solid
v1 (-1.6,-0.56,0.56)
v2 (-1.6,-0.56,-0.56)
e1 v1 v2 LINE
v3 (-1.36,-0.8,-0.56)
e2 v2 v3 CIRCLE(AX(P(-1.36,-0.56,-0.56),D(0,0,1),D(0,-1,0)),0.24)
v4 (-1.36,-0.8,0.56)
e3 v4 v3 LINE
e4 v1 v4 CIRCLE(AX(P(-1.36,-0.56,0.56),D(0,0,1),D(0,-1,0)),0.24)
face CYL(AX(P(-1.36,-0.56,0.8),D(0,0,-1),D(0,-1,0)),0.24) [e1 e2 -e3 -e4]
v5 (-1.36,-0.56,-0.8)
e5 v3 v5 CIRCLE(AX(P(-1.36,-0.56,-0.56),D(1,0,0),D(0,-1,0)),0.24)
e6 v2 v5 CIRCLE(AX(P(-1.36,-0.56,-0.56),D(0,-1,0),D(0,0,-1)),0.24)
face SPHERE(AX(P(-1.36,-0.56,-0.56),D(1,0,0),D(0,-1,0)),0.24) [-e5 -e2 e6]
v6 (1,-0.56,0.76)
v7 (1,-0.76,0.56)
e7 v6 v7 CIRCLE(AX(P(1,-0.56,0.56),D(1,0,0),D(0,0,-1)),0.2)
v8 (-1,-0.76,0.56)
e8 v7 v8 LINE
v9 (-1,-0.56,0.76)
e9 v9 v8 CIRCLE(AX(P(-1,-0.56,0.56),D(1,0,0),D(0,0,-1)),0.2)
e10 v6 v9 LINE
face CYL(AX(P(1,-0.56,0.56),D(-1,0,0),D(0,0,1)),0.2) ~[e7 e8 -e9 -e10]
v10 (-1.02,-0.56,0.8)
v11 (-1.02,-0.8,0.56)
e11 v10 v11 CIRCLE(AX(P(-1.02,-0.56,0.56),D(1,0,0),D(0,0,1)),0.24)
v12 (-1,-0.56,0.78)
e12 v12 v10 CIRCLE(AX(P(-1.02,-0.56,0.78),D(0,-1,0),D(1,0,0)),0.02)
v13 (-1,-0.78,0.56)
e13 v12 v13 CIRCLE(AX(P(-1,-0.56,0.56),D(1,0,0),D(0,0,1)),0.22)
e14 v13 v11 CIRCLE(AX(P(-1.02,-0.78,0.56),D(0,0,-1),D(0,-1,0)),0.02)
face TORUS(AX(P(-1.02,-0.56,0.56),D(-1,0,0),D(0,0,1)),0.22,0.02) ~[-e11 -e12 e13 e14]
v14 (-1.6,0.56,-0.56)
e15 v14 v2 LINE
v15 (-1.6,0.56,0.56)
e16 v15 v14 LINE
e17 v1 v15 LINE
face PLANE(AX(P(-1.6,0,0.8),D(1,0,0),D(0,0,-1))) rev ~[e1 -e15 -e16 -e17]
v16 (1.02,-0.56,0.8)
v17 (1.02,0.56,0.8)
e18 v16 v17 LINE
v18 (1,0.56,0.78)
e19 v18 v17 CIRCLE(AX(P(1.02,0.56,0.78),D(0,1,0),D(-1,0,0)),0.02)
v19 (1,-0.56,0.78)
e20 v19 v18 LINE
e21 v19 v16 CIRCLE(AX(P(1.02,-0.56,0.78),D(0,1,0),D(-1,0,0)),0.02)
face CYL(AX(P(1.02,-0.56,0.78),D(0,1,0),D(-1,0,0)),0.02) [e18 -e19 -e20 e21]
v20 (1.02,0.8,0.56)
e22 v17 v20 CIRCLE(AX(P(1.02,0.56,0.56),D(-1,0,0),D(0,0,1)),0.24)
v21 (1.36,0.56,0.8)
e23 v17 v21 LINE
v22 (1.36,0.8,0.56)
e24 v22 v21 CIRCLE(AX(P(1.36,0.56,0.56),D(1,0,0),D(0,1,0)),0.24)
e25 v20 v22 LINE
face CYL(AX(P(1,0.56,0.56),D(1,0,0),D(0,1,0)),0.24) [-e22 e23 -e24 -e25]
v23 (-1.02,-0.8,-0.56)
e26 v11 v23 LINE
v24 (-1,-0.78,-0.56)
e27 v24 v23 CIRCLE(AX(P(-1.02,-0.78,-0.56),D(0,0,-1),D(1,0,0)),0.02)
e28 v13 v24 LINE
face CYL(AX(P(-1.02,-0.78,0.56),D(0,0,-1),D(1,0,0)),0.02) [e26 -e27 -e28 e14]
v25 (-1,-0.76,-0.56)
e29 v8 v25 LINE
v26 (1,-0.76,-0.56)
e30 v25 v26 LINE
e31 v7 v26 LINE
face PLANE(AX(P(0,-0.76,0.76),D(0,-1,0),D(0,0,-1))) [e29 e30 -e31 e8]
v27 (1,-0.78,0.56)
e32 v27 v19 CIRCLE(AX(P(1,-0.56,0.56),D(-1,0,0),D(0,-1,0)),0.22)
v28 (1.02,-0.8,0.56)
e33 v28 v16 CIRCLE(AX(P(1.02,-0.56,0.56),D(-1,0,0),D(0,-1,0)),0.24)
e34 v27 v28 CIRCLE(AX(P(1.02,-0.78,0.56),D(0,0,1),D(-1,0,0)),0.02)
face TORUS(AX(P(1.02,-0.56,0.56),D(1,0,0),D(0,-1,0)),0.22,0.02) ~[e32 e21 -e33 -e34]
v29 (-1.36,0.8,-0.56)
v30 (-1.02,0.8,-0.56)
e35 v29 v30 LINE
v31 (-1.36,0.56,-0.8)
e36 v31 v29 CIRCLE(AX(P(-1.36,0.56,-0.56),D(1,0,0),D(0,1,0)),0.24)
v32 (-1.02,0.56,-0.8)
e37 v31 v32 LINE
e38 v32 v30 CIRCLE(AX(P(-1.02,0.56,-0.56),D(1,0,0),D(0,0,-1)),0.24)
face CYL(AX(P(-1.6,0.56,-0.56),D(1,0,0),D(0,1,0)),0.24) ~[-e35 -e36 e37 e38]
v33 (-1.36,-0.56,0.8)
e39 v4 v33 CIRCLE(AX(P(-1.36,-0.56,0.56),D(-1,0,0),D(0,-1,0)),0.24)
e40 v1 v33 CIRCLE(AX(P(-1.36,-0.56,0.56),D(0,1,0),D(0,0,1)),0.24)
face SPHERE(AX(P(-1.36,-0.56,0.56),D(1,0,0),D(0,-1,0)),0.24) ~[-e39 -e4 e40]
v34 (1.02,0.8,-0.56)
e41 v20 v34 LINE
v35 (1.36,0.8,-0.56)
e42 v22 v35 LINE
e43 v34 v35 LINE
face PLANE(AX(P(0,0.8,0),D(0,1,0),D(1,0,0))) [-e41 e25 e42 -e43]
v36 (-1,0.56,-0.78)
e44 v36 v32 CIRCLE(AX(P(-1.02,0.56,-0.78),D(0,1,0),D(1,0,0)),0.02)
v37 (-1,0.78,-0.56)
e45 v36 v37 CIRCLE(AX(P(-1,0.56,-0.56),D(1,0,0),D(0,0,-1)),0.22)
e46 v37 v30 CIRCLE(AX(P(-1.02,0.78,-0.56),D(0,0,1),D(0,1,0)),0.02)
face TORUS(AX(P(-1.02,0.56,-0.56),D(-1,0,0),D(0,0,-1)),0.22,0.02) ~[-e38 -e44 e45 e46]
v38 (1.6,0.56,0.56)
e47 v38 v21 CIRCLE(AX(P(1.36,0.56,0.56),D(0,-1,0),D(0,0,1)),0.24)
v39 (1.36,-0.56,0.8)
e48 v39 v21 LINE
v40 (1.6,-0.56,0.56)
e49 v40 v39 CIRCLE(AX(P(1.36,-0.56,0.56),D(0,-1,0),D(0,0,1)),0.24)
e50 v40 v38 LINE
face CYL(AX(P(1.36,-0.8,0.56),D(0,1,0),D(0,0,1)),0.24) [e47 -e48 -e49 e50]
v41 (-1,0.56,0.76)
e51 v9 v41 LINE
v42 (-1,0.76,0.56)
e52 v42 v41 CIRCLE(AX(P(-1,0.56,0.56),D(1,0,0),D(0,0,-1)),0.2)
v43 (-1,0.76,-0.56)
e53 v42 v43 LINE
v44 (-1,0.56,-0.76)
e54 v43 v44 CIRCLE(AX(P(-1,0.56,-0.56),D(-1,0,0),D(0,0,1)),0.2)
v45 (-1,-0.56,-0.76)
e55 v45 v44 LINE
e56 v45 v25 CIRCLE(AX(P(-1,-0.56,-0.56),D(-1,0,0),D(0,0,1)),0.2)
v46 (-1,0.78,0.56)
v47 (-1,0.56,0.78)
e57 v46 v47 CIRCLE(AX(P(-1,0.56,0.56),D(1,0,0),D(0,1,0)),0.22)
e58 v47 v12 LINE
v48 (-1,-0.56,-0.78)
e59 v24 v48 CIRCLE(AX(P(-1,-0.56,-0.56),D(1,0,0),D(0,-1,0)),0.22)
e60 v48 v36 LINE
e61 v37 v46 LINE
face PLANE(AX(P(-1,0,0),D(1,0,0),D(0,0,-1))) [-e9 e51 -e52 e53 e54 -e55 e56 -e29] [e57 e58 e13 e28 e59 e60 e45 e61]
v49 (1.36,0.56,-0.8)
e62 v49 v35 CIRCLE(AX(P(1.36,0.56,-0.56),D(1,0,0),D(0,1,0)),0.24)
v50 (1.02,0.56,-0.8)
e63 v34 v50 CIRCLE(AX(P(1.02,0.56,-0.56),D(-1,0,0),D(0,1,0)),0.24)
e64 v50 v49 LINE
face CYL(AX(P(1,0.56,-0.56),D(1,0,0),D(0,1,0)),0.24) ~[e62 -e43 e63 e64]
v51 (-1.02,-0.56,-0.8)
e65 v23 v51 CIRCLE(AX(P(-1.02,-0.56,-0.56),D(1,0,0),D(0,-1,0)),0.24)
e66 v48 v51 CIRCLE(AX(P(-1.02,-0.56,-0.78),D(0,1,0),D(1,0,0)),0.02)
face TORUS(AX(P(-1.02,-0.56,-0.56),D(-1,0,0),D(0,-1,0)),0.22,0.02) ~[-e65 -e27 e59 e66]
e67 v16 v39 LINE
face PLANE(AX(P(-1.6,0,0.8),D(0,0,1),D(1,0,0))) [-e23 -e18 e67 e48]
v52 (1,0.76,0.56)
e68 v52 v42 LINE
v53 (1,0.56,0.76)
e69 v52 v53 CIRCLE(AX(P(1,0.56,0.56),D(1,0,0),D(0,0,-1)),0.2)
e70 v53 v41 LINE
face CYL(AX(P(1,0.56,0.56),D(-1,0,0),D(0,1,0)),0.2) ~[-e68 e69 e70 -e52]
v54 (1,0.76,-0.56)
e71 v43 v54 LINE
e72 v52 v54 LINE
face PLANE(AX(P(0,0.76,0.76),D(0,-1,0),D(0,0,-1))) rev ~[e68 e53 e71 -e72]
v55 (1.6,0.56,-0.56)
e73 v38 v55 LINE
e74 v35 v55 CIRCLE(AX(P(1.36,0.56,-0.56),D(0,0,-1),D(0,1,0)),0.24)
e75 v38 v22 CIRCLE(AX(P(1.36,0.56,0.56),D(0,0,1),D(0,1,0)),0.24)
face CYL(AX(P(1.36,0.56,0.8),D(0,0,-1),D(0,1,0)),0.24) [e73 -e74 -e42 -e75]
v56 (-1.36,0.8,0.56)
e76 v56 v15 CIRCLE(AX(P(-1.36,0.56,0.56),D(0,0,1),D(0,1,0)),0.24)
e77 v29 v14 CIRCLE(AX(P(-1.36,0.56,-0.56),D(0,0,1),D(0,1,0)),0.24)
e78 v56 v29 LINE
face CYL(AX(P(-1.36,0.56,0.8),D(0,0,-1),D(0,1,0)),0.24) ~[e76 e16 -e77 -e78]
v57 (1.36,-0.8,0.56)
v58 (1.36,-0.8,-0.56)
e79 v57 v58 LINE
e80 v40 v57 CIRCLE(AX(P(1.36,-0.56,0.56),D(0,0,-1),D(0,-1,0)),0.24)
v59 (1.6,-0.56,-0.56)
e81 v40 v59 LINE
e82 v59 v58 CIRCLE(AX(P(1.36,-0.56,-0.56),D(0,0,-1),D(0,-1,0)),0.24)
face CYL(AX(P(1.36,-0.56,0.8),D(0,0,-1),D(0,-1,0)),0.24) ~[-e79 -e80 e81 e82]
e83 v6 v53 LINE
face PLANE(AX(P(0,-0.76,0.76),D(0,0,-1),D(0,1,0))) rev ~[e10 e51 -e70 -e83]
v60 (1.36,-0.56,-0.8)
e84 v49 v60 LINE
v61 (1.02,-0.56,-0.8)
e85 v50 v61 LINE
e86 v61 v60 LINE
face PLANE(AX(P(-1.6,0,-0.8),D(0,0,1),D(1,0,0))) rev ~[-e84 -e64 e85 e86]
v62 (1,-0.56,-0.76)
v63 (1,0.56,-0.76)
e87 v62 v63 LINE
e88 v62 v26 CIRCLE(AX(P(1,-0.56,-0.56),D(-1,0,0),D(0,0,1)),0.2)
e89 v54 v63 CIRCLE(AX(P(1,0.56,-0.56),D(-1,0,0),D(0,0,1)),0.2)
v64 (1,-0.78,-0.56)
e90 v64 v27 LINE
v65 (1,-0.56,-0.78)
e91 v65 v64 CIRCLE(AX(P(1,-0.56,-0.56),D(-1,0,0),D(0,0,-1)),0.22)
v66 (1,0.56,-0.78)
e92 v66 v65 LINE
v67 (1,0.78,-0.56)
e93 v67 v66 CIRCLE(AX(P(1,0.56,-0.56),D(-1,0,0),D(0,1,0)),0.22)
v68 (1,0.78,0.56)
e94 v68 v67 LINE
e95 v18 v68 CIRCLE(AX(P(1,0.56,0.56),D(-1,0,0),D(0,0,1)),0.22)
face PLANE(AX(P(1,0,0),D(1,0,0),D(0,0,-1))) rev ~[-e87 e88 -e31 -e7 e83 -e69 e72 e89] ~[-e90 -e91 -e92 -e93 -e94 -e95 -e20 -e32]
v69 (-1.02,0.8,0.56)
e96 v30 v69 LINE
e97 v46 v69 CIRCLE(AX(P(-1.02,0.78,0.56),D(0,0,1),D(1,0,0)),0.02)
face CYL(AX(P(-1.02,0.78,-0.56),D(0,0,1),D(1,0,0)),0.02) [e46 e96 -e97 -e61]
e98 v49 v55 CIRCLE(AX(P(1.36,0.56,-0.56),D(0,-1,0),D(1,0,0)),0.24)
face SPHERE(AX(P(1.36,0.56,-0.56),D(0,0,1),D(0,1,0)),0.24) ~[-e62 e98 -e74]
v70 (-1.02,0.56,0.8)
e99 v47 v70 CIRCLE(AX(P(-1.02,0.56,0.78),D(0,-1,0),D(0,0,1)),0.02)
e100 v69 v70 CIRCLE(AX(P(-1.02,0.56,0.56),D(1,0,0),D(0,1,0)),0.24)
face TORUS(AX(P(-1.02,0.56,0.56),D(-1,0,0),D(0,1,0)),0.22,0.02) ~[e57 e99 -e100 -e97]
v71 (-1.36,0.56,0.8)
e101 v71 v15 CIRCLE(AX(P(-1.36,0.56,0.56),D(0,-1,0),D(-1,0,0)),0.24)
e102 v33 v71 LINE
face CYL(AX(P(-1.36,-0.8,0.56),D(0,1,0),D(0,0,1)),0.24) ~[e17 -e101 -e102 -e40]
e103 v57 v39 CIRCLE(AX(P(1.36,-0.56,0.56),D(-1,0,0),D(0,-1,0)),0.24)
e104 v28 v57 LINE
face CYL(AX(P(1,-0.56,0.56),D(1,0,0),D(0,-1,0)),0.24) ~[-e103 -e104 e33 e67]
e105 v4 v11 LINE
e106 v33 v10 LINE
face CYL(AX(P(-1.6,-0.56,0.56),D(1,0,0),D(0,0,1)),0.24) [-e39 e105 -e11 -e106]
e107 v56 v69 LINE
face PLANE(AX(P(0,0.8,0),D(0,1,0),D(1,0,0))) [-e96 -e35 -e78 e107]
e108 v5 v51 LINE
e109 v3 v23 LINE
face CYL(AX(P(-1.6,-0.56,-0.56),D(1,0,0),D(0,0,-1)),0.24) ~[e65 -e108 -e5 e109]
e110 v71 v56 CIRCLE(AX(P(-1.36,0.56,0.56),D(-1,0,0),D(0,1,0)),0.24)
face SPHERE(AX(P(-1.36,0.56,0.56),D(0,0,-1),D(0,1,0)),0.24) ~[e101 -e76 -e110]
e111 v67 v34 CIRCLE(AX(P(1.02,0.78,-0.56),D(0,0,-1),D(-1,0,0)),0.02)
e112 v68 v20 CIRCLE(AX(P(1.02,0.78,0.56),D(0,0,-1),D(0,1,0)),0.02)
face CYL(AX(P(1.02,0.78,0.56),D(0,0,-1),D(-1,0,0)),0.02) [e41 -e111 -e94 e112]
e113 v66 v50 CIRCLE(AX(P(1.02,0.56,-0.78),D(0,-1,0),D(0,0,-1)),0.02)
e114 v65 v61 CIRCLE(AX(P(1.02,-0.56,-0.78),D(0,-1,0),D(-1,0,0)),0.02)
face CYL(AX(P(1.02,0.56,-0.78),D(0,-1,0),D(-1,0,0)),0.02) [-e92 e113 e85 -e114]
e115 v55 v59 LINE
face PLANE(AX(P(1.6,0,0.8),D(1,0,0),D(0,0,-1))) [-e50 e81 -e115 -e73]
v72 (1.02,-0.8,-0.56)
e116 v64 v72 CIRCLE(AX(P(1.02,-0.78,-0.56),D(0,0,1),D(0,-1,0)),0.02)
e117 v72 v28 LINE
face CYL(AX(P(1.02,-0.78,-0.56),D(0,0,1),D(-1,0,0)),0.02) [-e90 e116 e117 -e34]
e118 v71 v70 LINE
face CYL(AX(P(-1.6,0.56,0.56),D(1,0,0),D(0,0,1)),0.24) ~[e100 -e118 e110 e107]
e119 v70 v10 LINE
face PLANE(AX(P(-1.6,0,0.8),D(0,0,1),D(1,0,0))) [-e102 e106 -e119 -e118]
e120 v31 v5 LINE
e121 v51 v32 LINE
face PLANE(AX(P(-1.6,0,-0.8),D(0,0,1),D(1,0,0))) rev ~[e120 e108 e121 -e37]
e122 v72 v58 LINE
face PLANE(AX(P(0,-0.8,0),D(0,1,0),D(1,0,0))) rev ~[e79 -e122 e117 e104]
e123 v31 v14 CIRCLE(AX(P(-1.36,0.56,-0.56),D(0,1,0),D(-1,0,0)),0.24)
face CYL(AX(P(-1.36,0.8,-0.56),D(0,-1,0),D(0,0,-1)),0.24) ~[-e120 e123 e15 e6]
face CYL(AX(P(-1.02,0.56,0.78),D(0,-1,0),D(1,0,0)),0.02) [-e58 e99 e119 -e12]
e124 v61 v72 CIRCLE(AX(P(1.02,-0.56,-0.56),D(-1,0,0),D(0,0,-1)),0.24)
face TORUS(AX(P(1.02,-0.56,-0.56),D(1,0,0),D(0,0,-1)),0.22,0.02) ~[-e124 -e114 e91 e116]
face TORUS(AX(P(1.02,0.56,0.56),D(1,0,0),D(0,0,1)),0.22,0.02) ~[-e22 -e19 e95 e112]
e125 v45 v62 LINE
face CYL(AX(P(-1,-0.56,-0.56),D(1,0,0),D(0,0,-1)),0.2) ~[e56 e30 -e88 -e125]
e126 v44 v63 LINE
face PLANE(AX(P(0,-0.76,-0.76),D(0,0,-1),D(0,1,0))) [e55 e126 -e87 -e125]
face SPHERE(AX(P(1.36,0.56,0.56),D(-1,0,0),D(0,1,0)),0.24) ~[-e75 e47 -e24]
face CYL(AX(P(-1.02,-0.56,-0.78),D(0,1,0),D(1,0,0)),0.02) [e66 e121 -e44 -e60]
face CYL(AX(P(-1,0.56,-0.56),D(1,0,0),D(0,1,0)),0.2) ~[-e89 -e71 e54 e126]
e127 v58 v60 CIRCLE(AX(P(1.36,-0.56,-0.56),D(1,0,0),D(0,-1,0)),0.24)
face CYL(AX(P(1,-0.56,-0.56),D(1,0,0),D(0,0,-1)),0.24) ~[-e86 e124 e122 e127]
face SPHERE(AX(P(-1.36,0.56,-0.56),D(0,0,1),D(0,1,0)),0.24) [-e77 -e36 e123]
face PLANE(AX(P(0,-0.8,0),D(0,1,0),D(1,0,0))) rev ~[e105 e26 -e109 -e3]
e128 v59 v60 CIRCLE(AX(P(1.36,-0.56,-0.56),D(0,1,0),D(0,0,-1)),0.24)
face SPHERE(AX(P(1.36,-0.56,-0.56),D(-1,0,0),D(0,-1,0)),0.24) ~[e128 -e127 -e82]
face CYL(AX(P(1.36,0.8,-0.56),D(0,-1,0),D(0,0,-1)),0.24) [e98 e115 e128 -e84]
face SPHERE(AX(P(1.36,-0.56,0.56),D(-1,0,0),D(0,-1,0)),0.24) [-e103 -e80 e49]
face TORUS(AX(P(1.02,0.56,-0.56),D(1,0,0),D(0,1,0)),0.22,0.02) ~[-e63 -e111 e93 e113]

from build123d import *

# Parameters (mm, degrees)
SKETCH1_W               = 3.2
SKETCH1_H               = 1.6
BOSS_EXTRUDE1_DEPTH     = 0.8
SKETCH3_OUTSIDE_W       = 4.384
SKETCH3_OUTSIDE_H       = 4.384
SKETCH3_OUTSIDE_W_2     = 1.52
SKETCH3_OUTSIDE_H_2     = 1.52
CUT_EXTRUDE1_DEPTH      = 1
CUT_EXTRUDE1_DEPTH_BACK = 1
FILLET1_R               = 0.2
FILLET2_R               = 0.24
FILLET3_R               = 0.02


with BuildPart() as part:
    # Sketch1 → Boss-Extrude1 (new body, symmetric)
    with BuildSketch(Plane(origin=(0, 0, 0), x_dir=(1, 0, 0), z_dir=(0, 1, 0))):
        Rectangle(SKETCH1_W, SKETCH1_H)
    extrude(amount=BOSS_EXTRUDE1_DEPTH, both=True)

    # Sketch3 outside → Cut-Extrude1 (cut, two sides)
    with BuildSketch(Plane(origin=(0, 0, 0), x_dir=(0, 0, -1), z_dir=(1, 0, 0))) as cut_extrude1_sk:
        Rectangle(SKETCH3_OUTSIDE_W, SKETCH3_OUTSIDE_H)
        Rectangle(SKETCH3_OUTSIDE_W_2, SKETCH3_OUTSIDE_H_2, mode=Mode.SUBTRACT)
    extrude(amount=CUT_EXTRUDE1_DEPTH, mode=Mode.SUBTRACT)
    extrude(cut_extrude1_sk.sketch, amount=-CUT_EXTRUDE1_DEPTH_BACK, mode=Mode.SUBTRACT)

    # Fillet1
    fillet1_edges = [part.edges().sort_by_distance(p)[0] for p in [
        (0, -0.76, 0.76),
        (0, -0.76, -0.76),
        (0, 0.76, -0.76),
        (0, 0.76, 0.76),
    ]]
    fillet(fillet1_edges, radius=FILLET1_R)

    # Fillet2
    fillet2_edges = [part.edges().sort_by_distance(p)[0] for p in [
        (-1.6, 0.8, 0),
        (-1.3, 0.8, 0.8),
        (1.3, -0.8, 0.8),
        (-1.3, -0.8, -0.8),
        (-1.3, 0.8, -0.8),
        (1.3, 0.8, 0.8),
        (1.6, 0.8, 0),
        (-1.3, -0.8, 0.8),
        (-1.6, -0.8, 0),
        (1.3, -0.8, -0.8),
        (1.6, -0.8, 0),
        (1.3, 0.8, -0.8),
        (1.6, 0, 0.8),
        (-1.6, 0, 0.8),
        (-1.6, 0, -0.8),
        (1.6, 0, -0.8),
    ]]
    fillet(fillet2_edges, radius=FILLET2_R)

    # Fillet3
    fillet3_edges = [part.edges().sort_by_distance(p)[0] for p in [
        (1, 0, 0.8),
        (1, 0.8, 0),
        (1, 0, -0.8),
        (1, -0.8, 0),
        (-1, 0, -0.8),
        (-1, 0.8, 0),
        (-1, 0, 0.8),
        (-1, -0.8, 0),
        (-1, 0.729705627, -0.729705627),
        (-1, -0.729705627, -0.729705627),
        (-1, 0.729705627, 0.729705627),
        (-1, -0.729705627, 0.729705627),
        (1, -0.729705627, -0.729705627),
        (1, 0.729705627, -0.729705627),
        (1, -0.729705627, 0.729705627),
        (1, 0.729705627, 0.729705627),
    ]]
    fillet(fillet3_edges, radius=FILLET3_R)


solid = part.part
